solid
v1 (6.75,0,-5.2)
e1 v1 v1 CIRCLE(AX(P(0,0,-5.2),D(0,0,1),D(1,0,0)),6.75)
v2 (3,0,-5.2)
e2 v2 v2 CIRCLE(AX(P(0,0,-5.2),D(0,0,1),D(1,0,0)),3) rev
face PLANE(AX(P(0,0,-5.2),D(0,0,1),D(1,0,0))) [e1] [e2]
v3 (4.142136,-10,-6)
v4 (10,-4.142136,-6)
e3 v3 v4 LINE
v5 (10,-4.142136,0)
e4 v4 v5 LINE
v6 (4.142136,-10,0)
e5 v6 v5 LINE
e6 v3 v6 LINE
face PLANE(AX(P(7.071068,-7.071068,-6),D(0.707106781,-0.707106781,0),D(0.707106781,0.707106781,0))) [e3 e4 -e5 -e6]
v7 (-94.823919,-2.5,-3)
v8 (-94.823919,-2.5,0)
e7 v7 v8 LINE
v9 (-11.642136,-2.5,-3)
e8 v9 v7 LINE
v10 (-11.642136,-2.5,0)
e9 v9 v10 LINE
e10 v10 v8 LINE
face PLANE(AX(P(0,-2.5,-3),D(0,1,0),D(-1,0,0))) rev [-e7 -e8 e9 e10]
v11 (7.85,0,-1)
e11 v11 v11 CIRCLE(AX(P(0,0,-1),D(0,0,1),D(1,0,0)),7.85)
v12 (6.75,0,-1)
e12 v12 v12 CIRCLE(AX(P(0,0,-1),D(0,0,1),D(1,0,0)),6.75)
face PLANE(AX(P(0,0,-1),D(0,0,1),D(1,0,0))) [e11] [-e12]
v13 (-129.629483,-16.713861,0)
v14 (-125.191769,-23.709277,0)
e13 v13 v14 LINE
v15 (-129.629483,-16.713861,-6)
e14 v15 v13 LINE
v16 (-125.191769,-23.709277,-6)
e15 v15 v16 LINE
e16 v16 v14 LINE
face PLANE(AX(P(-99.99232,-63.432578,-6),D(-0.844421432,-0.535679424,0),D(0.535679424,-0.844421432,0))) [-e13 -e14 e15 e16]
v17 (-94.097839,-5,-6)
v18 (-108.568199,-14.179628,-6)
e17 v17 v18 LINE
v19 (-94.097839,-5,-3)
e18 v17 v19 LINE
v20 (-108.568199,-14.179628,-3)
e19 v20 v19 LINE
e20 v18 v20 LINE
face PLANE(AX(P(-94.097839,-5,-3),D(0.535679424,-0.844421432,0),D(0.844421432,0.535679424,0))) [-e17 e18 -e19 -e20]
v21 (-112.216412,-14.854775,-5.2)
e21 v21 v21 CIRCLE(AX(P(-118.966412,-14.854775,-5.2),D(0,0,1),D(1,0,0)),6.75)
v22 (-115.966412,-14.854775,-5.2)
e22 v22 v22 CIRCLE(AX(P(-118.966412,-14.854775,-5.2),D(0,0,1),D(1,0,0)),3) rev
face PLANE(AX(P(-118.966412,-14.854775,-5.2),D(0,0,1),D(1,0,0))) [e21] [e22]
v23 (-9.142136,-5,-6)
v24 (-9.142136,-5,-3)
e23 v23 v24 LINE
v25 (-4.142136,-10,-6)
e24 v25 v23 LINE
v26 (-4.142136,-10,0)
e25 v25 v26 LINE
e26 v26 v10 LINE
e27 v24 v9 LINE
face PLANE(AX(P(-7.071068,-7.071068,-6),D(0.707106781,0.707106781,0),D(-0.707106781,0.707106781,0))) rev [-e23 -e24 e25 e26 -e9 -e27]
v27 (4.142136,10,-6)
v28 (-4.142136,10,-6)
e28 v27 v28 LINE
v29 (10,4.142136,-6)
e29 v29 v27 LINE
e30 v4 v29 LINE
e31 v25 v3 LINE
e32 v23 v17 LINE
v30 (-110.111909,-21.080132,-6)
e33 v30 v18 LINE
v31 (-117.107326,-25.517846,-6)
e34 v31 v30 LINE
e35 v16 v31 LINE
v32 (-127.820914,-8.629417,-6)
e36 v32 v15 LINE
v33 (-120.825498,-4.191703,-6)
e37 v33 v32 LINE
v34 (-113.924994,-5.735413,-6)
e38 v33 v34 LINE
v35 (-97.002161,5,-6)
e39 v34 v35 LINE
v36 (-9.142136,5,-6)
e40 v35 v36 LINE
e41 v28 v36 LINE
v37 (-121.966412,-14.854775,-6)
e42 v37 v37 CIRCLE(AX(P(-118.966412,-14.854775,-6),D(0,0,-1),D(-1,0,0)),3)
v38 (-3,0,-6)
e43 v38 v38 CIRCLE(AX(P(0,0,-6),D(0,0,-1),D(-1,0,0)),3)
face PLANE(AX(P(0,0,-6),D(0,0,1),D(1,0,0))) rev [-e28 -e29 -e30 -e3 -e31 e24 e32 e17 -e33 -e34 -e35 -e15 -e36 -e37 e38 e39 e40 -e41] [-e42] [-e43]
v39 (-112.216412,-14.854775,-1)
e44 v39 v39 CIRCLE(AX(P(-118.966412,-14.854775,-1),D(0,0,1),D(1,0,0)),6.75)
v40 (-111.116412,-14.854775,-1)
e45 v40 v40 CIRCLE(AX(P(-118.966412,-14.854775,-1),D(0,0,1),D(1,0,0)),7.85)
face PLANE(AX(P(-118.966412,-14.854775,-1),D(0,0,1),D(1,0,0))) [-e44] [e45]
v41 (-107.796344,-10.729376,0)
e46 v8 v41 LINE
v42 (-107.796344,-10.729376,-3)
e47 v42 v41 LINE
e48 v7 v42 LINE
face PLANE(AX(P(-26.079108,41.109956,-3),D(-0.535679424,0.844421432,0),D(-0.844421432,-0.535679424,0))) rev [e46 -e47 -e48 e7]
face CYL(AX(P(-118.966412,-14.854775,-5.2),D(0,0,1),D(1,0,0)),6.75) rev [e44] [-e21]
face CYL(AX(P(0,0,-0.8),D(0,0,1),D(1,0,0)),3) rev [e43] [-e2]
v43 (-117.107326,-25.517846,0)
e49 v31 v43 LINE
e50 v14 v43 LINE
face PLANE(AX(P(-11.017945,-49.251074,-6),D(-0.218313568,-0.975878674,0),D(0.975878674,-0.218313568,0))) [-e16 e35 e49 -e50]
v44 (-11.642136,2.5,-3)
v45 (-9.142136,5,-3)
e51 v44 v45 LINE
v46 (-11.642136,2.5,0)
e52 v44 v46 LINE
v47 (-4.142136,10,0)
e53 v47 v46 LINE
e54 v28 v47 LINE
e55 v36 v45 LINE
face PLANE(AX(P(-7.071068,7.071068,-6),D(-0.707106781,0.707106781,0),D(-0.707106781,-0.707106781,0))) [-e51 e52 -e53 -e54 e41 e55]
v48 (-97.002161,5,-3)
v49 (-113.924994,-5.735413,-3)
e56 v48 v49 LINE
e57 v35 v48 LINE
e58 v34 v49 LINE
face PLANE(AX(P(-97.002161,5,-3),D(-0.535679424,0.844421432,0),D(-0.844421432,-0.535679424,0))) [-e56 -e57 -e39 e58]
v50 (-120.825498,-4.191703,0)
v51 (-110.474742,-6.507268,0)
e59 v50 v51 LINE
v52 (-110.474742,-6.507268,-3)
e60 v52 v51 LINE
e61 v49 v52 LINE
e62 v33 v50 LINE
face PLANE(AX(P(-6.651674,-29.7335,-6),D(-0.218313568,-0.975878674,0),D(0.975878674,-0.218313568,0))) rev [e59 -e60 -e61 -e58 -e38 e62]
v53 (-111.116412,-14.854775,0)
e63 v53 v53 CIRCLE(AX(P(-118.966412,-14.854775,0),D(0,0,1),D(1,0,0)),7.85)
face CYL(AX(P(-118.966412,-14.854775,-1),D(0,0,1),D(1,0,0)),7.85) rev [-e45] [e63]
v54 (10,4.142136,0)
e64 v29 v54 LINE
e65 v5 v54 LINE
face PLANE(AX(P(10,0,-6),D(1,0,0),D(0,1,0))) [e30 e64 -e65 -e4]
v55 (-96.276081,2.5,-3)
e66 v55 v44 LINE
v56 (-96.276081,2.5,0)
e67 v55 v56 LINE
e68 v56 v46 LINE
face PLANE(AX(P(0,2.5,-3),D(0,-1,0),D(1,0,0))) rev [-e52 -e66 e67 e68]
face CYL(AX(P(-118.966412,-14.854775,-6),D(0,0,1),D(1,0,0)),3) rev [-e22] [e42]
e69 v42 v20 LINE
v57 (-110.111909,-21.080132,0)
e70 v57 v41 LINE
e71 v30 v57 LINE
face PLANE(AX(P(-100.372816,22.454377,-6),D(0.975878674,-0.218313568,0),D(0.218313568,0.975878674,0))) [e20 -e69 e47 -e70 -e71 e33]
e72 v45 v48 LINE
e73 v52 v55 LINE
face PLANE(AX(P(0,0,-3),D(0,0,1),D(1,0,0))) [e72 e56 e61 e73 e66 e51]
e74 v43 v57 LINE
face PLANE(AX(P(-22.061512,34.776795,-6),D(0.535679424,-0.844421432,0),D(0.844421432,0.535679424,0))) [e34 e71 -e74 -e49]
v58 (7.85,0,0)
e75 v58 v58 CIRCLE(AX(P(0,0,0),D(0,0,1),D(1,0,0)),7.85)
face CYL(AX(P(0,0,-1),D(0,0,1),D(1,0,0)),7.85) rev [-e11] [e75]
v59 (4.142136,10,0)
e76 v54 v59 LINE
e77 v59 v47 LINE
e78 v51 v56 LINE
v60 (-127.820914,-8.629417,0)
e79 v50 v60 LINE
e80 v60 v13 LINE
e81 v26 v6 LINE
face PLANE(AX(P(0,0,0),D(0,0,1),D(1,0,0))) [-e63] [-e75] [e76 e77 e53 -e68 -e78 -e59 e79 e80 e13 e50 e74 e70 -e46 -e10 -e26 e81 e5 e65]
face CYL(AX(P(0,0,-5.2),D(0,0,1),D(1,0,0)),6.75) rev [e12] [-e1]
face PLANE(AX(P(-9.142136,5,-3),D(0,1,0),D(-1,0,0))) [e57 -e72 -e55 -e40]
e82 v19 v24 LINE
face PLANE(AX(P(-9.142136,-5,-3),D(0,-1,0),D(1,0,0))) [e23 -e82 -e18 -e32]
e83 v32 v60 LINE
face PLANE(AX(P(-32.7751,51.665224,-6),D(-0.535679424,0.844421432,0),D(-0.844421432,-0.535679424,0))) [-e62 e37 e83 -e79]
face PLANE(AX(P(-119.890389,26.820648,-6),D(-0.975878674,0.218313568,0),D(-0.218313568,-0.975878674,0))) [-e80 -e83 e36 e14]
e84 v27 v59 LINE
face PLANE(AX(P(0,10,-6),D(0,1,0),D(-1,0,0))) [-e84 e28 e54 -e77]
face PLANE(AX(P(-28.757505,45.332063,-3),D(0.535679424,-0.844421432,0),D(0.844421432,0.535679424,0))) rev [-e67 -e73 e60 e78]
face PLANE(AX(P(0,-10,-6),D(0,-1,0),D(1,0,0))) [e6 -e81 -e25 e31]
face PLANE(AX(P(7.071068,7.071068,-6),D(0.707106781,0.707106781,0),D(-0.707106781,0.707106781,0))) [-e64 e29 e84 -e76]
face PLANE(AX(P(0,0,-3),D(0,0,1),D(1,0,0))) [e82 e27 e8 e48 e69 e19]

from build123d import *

# Parameters (mm, degrees)
SKETCH1_R           = 3
BOSS_EXTRUDE1_DEPTH = 6
BOSS_EXTRUDE2_DEPTH = 3
SKETCH3_R           = 7.85
CUT_EXTRUDE1_DEPTH  = 1
SKETCH4_R           = 6.75
CUT_EXTRUDE2_DEPTH  = 5.2
SKETCH5_W           = 10.298947731
SKETCH5_H           = 6.677630872
BOSS_EXTRUDE3_DEPTH = 0.8
SKETCH6_R           = 3
CUT_EXTRUDE3_DEPTH  = 0.8
BOSS_EXTRUDE5_START = -6
SKETCH7_R           = 9.071835919
SKETCH7_R_2         = 3
SKETCH7_R_3         = 8.53010645
BOSS_EXTRUDE5_DEPTH = 6
SKETCH8_R           = 7.85
CUT_EXTRUDE4_DEPTH  = 1
SKETCH9_R           = 6.75
CUT_EXTRUDE5_DEPTH  = 5.2
BOSS_EXTRUDE6_DEPTH = 3
CUT_EXTRUDE10_DEPTH = 3


with BuildPart() as part:
    # Sketch1 → Boss-Extrude1 (new body)
    with BuildSketch(Plane.XY):
        Polygon((4.142135624, 10), (-4.142135624, 10), (-11.642135624, 2.5), (-96.276080567, 2.5), (-110.474741511, -6.507268438), (-120.82549793, -4.191703376), (-127.82091412, -8.629417024), (-129.629482932, -16.713860663), (-125.191769284, -23.709276854), (-117.107325644, -25.517845665), (-110.111909454, -21.080132017), (-107.796344392, -10.729375598), (-94.823919433, -2.5), (-11.642135624, -2.5), (-4.142135624, -10), (4.142135624, -10), (10, -4.142135624), (10, 4.142135624), align=None)
        with Locations((-118.966411787, -14.85477452)):
            Circle(SKETCH1_R, mode=Mode.SUBTRACT)
        with Locations((-0.876614201, 0)):
            Circle(SKETCH1_R, mode=Mode.SUBTRACT)
    extrude(amount=-BOSS_EXTRUDE1_DEPTH)

    # Sketch2 → Boss-Extrude2 (add)
    with BuildSketch(Plane.XY):
        Polygon((-113.924993651, -5.735413417), (-110.474741511, -6.507268438), (-96.276080567, 2.5), (-11.642135624, 2.5), (-9.142135624, 5), (-97.002161134, 5), align=None)
        Polygon((-108.568199413, -14.179627738), (-107.796344392, -10.729375598), (-94.823919433, -2.5), (-11.642135624, -2.5), (-9.142135624, -5), (-94.097838866, -5), align=None)
    extrude(amount=-BOSS_EXTRUDE2_DEPTH)

    # Sketch3 → Cut-Extrude1 (cut)
    with BuildSketch(Plane(origin=(0, 0, -6), x_dir=(-1, 0, 0), z_dir=(0, 0, -1))):
        Circle(SKETCH3_R)
        with Locations((118.966411787, -14.85477452)):
            Circle(SKETCH3_R)
    extrude(amount=-CUT_EXTRUDE1_DEPTH, mode=Mode.SUBTRACT)

    # Sketch4 → Cut-Extrude2 (cut)
    with BuildSketch(Plane(origin=(0, 0, -6), x_dir=(-1, 0, 0), z_dir=(0, 0, -1))):
        Circle(SKETCH4_R)
        with Locations((118.966411787, -14.85477452)):
            Circle(SKETCH4_R)
    extrude(amount=-CUT_EXTRUDE2_DEPTH, mode=Mode.SUBTRACT)

    # Sketch5 → Boss-Extrude3 (add)
    with BuildSketch(Plane.XY):
        with Locations((-0.876614202, 0)):
            Rectangle(SKETCH5_W, SKETCH5_H)
    extrude(amount=-BOSS_EXTRUDE3_DEPTH)

    # Sketch6 → Cut-Extrude3 (cut)
    with BuildSketch(Plane.XY):
        Circle(SKETCH6_R)
    extrude(amount=-CUT_EXTRUDE3_DEPTH, mode=Mode.SUBTRACT)

    # Sketch7 → Boss-Extrude5 (add)
    # profile 1 of 2: a face of its own
    with BuildSketch(Plane(origin=(0, 0, -6), x_dir=(-1, 0, 0), z_dir=(0, 0, -1)).offset(BOSS_EXTRUDE5_START)):
        Circle(SKETCH7_R)
        with Locations(Location((0, 0, 0), (0, 0, 180))):
            Circle(SKETCH7_R_2, mode=Mode.SUBTRACT)
    # profile 2 of 2: a face of its own
    with BuildSketch(Plane(origin=(0, 0, -6), x_dir=(-1, 0, 0), z_dir=(0, 0, -1)).offset(BOSS_EXTRUDE5_START)):
        with Locations((118.966411787, -14.85477452)):
            Circle(SKETCH7_R_3)
        with Locations(Location((118.966411787, -14.85477452, 0), (0, 0, 180))):
            Circle(SKETCH7_R_2, mode=Mode.SUBTRACT)
    extrude(amount=BOSS_EXTRUDE5_DEPTH)

    # Sketch8 → Cut-Extrude4 (cut)
    with BuildSketch(Plane.XY):
        with Locations((-118.966411787, -14.85477452)):
            Circle(SKETCH8_R)
        Circle(SKETCH8_R)
    extrude(amount=-CUT_EXTRUDE4_DEPTH, mode=Mode.SUBTRACT)

    # Sketch9 → Cut-Extrude5 (cut)
    with BuildSketch(Plane.XY):
        with Locations((-118.966411787, -14.85477452)):
            Circle(SKETCH9_R)
        Circle(SKETCH9_R)
    extrude(amount=-CUT_EXTRUDE5_DEPTH, mode=Mode.SUBTRACT)

    # Sketch10 → Boss-Extrude6 (add)
    with BuildSketch(Plane(origin=(0, 0, -3), x_dir=(-1, 0, 0), z_dir=(0, 0, -1))):
        Polygon((9.142135624, -5), (11.642135624, -2.5), (94.823919433, -2.5), (107.796344392, -10.729375598), (108.568199413, -14.179627738), (94.097838866, -5), align=None)
        Polygon((9.142135624, 5), (11.642135624, 2.5), (96.276080567, 2.5), (110.474741511, -6.507268438), (113.924993651, -5.735413417), (97.002161134, 5), align=None)
    extrude(amount=BOSS_EXTRUDE6_DEPTH)

    # Sketch11 → Cut-Extrude10 (cut)
    with BuildSketch(Plane.XY):
        Polygon((-9.142135624, 5), (-97.002161134, 5), (-113.924993651, -5.735413417), (-110.474741511, -6.507268438), (-96.276080567, 2.5), (-11.642135624, 2.5), align=None)
        Polygon((-11.642135624, -2.5), (-94.823919433, -2.5), (-107.796344392, -10.729375598), (-108.568199413, -14.179627738), (-94.097838866, -5), (-9.142135624, -5), align=None)
    extrude(amount=-CUT_EXTRUDE10_DEPTH, mode=Mode.SUBTRACT)


solid = part.part
